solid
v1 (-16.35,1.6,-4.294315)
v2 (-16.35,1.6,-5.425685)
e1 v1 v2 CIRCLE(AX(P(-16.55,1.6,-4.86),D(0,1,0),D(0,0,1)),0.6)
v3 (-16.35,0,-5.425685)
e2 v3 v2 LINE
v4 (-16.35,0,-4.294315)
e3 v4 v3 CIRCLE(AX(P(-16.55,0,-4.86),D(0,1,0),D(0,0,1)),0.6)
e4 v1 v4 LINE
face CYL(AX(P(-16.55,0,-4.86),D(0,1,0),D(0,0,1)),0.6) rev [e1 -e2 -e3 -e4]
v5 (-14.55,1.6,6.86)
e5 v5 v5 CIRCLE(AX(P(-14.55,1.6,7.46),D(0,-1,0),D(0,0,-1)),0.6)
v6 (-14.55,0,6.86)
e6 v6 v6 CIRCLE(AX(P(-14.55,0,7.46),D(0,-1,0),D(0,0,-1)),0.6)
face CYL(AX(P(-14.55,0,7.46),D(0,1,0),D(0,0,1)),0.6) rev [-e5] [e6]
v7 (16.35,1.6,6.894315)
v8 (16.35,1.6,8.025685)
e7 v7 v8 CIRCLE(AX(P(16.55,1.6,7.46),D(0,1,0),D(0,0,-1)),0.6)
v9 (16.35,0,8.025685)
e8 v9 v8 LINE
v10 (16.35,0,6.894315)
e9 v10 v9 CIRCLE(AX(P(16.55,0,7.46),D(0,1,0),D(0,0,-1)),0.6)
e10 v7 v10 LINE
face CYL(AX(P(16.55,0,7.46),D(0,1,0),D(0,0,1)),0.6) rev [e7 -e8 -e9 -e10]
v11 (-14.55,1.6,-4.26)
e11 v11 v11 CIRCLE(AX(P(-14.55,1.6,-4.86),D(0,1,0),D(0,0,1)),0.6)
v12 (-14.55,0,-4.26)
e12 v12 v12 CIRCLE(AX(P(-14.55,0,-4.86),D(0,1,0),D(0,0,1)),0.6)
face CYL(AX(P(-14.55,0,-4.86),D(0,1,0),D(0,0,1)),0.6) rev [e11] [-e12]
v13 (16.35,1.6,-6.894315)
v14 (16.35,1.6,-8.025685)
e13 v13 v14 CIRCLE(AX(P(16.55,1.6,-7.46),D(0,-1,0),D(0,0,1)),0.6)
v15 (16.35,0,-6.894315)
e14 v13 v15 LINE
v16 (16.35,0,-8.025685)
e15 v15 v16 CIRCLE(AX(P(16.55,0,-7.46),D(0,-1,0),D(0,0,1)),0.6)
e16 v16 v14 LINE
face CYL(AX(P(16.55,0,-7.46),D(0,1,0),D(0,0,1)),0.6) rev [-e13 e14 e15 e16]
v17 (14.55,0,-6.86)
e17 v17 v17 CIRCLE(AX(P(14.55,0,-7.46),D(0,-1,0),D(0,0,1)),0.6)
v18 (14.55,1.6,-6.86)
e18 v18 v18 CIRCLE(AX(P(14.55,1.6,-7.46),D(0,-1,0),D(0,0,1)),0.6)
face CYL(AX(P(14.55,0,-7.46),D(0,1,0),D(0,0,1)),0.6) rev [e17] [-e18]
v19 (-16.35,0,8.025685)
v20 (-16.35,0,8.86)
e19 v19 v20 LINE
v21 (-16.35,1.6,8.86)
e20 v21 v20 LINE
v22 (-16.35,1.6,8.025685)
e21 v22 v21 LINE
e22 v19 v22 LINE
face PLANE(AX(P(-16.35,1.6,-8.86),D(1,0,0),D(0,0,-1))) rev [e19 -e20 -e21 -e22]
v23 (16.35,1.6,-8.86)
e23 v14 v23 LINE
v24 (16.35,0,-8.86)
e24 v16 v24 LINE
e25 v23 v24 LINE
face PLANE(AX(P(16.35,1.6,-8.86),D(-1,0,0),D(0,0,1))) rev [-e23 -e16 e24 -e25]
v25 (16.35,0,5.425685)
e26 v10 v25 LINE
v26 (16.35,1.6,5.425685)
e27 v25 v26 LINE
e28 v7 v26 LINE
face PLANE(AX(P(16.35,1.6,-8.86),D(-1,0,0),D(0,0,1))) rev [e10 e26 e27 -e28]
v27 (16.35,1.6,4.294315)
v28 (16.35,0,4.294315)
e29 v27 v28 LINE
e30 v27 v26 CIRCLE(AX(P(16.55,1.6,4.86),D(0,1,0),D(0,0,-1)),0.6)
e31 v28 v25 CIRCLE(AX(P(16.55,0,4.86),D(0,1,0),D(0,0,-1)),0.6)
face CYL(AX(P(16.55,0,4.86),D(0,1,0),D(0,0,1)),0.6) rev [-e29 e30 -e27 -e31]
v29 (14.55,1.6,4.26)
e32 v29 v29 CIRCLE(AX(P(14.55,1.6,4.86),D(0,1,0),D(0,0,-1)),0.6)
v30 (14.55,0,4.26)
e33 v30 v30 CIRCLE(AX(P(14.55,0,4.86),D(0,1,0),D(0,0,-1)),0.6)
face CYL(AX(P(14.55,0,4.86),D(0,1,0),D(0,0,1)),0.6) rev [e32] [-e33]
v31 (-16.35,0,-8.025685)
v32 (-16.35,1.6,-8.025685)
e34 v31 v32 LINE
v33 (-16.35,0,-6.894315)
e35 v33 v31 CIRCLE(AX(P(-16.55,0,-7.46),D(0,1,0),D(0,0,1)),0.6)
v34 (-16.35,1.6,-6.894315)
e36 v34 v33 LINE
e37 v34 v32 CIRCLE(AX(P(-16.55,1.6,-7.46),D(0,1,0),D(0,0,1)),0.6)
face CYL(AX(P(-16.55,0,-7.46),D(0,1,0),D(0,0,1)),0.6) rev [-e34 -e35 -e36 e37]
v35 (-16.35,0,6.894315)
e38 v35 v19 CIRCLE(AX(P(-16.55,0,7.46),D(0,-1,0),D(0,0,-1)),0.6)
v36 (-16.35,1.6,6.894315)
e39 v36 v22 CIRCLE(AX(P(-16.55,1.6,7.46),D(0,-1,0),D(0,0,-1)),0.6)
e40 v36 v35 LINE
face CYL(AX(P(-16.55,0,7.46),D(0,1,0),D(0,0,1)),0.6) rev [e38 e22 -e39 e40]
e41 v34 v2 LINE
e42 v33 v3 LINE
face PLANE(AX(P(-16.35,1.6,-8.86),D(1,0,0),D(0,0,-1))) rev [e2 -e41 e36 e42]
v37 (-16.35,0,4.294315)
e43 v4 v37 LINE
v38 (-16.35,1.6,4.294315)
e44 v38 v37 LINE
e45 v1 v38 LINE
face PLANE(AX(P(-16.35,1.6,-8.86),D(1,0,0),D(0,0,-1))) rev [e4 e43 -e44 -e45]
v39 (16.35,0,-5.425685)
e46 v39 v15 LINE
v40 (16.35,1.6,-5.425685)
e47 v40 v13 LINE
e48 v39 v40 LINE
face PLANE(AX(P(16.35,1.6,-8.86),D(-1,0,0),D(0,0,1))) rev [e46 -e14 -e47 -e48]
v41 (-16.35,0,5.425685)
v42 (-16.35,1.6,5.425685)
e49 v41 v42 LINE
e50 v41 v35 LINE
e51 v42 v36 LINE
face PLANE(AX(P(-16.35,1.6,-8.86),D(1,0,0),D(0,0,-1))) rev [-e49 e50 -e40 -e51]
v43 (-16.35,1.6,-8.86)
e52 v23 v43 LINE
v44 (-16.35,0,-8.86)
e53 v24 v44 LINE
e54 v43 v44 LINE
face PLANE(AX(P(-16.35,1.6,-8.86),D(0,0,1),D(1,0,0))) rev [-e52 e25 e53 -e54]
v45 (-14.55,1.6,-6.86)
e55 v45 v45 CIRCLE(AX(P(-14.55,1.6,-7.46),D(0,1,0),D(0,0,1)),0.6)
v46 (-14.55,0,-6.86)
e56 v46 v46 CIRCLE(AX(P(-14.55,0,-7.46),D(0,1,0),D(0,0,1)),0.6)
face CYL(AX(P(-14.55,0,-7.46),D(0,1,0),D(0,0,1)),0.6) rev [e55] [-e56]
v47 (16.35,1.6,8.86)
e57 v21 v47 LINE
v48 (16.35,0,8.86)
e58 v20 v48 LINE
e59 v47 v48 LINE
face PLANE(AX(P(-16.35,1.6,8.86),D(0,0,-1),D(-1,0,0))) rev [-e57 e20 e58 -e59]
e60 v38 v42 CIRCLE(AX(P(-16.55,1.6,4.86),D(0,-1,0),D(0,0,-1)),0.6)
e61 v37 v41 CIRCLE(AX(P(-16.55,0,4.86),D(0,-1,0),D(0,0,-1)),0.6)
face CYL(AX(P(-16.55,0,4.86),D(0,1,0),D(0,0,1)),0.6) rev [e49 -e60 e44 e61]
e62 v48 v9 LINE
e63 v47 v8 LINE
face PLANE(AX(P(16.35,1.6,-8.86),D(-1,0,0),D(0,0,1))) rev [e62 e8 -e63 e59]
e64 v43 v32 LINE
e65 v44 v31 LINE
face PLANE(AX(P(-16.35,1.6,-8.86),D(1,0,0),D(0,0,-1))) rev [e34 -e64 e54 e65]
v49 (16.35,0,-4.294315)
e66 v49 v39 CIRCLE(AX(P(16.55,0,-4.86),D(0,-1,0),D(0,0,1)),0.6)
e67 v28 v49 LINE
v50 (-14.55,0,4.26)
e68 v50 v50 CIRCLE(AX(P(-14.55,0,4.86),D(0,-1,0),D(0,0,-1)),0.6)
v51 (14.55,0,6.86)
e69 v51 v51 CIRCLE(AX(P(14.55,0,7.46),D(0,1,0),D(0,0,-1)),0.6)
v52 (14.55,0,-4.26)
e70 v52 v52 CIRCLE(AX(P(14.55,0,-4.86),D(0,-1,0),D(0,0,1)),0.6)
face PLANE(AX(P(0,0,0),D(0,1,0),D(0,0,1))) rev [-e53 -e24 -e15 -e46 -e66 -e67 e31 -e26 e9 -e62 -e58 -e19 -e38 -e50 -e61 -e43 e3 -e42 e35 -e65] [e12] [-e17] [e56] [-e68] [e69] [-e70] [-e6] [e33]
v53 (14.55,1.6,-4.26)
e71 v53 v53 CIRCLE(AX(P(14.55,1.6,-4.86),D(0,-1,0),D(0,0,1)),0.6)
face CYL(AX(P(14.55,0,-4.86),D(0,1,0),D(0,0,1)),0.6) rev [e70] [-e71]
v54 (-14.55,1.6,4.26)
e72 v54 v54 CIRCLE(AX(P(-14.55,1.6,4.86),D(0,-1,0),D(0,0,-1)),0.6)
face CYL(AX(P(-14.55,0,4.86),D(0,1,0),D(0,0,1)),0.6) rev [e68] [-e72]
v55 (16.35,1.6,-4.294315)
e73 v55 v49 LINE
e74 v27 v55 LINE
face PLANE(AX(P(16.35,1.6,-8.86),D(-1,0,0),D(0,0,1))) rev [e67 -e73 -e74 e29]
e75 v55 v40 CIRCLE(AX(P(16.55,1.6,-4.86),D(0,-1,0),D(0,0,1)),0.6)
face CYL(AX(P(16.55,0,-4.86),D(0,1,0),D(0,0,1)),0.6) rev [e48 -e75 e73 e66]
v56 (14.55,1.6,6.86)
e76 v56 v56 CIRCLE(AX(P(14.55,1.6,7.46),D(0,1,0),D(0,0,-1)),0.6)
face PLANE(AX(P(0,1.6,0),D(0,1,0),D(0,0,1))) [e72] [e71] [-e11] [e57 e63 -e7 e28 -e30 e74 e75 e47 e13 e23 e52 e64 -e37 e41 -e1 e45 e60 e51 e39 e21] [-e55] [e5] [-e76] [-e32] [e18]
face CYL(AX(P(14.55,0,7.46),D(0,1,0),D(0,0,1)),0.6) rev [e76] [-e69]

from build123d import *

# Parameters (mm, degrees)
SKETCH1_W                       = 32.7
SKETCH1_H                       = 17.72
MAIN_BODY_DEPTH                 = 1.6
SKETCH2_R                       = 0.6
SOLDERED_CONNECTION_HOLES_DEPTH = 19.664996651
LPATTERN1_COUNT                 = 2
LPATTERN1_PITCH                 = 2
MIRROR1_COPY_1_SKETCH_R         = 0.6
MIRROR1_COPY_1_DEPTH            = 19.664996651
MIRROR2_COPY_1_SKETCH_R         = 0.6
MIRROR2_COPY_1_DEPTH            = 19.664996651
MIRROR2_COPY_2_SKETCH_R         = 0.6
MIRROR2_COPY_2_DEPTH            = 19.664996651
MIRROR2_COPY_3_SKETCH_R         = 0.6
MIRROR2_COPY_3_DEPTH            = 19.664996651


with BuildPart() as part:
    # Sketch1 → MAIN BODY (new body)
    with BuildSketch(Plane(origin=(0, 0, 0), x_dir=(1, 0, 0), z_dir=(0, 1, 0))):
        Rectangle(SKETCH1_W, SKETCH1_H)
    extrude(amount=MAIN_BODY_DEPTH)

    # Sketch2 → SOLDERED CONNECTION HOLES (cut, through all)
    with BuildSketch(Plane(origin=(0, 1.6, 0), x_dir=(1, 0, 0), z_dir=(0, 1, 0))):
        with Locations(Location((-14.55, 7.46, 0), (0, 0, 270))):
            Circle(SKETCH2_R)
        with Locations(Location((-14.55, 4.86, 0), (0, 0, 270))):
            Circle(SKETCH2_R)
    soldered_connection_holes = extrude(amount=-SOLDERED_CONNECTION_HOLES_DEPTH, mode=Mode.SUBTRACT)

    # LPattern1: SOLDERED CONNECTION HOLES ×2
    with Locations(*[(-i * LPATTERN1_PITCH, 0, 0) for i in range(1, LPATTERN1_COUNT)]):
        add(soldered_connection_holes, mode=Mode.SUBTRACT)

    # Mirror1: SOLDERED CONNECTION HOLES across plane
    add(soldered_connection_holes.mirror(Plane(origin=(0, 0, 0), x_dir=(0, 0, 1), z_dir=(1, 0, 0))), mode=Mode.SUBTRACT)

    # Mirror1 copy 1 sketch → Mirror1 copy 1 (cut, through all)
    with BuildSketch(Plane(origin=(2, 1.6, 0), x_dir=(-1, 0, 0), z_dir=(0, 1, 0))):
        with Locations((-14.55, -7.46)):
            Circle(MIRROR1_COPY_1_SKETCH_R)
        with Locations((-14.55, -4.86)):
            Circle(MIRROR1_COPY_1_SKETCH_R)
    extrude(amount=-MIRROR1_COPY_1_DEPTH, mode=Mode.SUBTRACT)

    # Mirror2: SOLDERED CONNECTION HOLES across plane
    add(soldered_connection_holes.mirror(Plane.XY), mode=Mode.SUBTRACT)

    # Mirror2 copy 1 sketch → Mirror2 copy 1 (cut, through all)
    with BuildSketch(Plane(origin=(-2, 1.6, 0), x_dir=(1, 0, 0), z_dir=(0, 1, 0))):
        with Locations((-14.55, -7.46)):
            Circle(MIRROR2_COPY_1_SKETCH_R)
        with Locations((-14.55, -4.86)):
            Circle(MIRROR2_COPY_1_SKETCH_R)
    extrude(amount=-MIRROR2_COPY_1_DEPTH, mode=Mode.SUBTRACT)

    # Mirror2 copy 2 sketch → Mirror2 copy 2 (cut, through all)
    with BuildSketch(Plane(origin=(0, 1.6, 0), x_dir=(-1, 0, 0), z_dir=(0, 1, 0))):
        with Locations(Location((-14.55, 7.46, 0), (0, 0, 270))):
            Circle(MIRROR2_COPY_2_SKETCH_R)
        with Locations(Location((-14.55, 4.86, 0), (0, 0, 270))):
            Circle(MIRROR2_COPY_2_SKETCH_R)
    extrude(amount=-MIRROR2_COPY_2_DEPTH, mode=Mode.SUBTRACT)

    # Mirror2 copy 3 sketch → Mirror2 copy 3 (cut, through all)
    with BuildSketch(Plane(origin=(2, 1.6, 0), x_dir=(-1, 0, 0), z_dir=(0, 1, 0))):
        with Locations(Location((-14.55, 7.46, 0), (0, 0, 270))):
            Circle(MIRROR2_COPY_3_SKETCH_R)
        with Locations(Location((-14.55, 4.86, 0), (0, 0, 270))):
            Circle(MIRROR2_COPY_3_SKETCH_R)
    extrude(amount=-MIRROR2_COPY_3_DEPTH, mode=Mode.SUBTRACT)


solid = part.part
